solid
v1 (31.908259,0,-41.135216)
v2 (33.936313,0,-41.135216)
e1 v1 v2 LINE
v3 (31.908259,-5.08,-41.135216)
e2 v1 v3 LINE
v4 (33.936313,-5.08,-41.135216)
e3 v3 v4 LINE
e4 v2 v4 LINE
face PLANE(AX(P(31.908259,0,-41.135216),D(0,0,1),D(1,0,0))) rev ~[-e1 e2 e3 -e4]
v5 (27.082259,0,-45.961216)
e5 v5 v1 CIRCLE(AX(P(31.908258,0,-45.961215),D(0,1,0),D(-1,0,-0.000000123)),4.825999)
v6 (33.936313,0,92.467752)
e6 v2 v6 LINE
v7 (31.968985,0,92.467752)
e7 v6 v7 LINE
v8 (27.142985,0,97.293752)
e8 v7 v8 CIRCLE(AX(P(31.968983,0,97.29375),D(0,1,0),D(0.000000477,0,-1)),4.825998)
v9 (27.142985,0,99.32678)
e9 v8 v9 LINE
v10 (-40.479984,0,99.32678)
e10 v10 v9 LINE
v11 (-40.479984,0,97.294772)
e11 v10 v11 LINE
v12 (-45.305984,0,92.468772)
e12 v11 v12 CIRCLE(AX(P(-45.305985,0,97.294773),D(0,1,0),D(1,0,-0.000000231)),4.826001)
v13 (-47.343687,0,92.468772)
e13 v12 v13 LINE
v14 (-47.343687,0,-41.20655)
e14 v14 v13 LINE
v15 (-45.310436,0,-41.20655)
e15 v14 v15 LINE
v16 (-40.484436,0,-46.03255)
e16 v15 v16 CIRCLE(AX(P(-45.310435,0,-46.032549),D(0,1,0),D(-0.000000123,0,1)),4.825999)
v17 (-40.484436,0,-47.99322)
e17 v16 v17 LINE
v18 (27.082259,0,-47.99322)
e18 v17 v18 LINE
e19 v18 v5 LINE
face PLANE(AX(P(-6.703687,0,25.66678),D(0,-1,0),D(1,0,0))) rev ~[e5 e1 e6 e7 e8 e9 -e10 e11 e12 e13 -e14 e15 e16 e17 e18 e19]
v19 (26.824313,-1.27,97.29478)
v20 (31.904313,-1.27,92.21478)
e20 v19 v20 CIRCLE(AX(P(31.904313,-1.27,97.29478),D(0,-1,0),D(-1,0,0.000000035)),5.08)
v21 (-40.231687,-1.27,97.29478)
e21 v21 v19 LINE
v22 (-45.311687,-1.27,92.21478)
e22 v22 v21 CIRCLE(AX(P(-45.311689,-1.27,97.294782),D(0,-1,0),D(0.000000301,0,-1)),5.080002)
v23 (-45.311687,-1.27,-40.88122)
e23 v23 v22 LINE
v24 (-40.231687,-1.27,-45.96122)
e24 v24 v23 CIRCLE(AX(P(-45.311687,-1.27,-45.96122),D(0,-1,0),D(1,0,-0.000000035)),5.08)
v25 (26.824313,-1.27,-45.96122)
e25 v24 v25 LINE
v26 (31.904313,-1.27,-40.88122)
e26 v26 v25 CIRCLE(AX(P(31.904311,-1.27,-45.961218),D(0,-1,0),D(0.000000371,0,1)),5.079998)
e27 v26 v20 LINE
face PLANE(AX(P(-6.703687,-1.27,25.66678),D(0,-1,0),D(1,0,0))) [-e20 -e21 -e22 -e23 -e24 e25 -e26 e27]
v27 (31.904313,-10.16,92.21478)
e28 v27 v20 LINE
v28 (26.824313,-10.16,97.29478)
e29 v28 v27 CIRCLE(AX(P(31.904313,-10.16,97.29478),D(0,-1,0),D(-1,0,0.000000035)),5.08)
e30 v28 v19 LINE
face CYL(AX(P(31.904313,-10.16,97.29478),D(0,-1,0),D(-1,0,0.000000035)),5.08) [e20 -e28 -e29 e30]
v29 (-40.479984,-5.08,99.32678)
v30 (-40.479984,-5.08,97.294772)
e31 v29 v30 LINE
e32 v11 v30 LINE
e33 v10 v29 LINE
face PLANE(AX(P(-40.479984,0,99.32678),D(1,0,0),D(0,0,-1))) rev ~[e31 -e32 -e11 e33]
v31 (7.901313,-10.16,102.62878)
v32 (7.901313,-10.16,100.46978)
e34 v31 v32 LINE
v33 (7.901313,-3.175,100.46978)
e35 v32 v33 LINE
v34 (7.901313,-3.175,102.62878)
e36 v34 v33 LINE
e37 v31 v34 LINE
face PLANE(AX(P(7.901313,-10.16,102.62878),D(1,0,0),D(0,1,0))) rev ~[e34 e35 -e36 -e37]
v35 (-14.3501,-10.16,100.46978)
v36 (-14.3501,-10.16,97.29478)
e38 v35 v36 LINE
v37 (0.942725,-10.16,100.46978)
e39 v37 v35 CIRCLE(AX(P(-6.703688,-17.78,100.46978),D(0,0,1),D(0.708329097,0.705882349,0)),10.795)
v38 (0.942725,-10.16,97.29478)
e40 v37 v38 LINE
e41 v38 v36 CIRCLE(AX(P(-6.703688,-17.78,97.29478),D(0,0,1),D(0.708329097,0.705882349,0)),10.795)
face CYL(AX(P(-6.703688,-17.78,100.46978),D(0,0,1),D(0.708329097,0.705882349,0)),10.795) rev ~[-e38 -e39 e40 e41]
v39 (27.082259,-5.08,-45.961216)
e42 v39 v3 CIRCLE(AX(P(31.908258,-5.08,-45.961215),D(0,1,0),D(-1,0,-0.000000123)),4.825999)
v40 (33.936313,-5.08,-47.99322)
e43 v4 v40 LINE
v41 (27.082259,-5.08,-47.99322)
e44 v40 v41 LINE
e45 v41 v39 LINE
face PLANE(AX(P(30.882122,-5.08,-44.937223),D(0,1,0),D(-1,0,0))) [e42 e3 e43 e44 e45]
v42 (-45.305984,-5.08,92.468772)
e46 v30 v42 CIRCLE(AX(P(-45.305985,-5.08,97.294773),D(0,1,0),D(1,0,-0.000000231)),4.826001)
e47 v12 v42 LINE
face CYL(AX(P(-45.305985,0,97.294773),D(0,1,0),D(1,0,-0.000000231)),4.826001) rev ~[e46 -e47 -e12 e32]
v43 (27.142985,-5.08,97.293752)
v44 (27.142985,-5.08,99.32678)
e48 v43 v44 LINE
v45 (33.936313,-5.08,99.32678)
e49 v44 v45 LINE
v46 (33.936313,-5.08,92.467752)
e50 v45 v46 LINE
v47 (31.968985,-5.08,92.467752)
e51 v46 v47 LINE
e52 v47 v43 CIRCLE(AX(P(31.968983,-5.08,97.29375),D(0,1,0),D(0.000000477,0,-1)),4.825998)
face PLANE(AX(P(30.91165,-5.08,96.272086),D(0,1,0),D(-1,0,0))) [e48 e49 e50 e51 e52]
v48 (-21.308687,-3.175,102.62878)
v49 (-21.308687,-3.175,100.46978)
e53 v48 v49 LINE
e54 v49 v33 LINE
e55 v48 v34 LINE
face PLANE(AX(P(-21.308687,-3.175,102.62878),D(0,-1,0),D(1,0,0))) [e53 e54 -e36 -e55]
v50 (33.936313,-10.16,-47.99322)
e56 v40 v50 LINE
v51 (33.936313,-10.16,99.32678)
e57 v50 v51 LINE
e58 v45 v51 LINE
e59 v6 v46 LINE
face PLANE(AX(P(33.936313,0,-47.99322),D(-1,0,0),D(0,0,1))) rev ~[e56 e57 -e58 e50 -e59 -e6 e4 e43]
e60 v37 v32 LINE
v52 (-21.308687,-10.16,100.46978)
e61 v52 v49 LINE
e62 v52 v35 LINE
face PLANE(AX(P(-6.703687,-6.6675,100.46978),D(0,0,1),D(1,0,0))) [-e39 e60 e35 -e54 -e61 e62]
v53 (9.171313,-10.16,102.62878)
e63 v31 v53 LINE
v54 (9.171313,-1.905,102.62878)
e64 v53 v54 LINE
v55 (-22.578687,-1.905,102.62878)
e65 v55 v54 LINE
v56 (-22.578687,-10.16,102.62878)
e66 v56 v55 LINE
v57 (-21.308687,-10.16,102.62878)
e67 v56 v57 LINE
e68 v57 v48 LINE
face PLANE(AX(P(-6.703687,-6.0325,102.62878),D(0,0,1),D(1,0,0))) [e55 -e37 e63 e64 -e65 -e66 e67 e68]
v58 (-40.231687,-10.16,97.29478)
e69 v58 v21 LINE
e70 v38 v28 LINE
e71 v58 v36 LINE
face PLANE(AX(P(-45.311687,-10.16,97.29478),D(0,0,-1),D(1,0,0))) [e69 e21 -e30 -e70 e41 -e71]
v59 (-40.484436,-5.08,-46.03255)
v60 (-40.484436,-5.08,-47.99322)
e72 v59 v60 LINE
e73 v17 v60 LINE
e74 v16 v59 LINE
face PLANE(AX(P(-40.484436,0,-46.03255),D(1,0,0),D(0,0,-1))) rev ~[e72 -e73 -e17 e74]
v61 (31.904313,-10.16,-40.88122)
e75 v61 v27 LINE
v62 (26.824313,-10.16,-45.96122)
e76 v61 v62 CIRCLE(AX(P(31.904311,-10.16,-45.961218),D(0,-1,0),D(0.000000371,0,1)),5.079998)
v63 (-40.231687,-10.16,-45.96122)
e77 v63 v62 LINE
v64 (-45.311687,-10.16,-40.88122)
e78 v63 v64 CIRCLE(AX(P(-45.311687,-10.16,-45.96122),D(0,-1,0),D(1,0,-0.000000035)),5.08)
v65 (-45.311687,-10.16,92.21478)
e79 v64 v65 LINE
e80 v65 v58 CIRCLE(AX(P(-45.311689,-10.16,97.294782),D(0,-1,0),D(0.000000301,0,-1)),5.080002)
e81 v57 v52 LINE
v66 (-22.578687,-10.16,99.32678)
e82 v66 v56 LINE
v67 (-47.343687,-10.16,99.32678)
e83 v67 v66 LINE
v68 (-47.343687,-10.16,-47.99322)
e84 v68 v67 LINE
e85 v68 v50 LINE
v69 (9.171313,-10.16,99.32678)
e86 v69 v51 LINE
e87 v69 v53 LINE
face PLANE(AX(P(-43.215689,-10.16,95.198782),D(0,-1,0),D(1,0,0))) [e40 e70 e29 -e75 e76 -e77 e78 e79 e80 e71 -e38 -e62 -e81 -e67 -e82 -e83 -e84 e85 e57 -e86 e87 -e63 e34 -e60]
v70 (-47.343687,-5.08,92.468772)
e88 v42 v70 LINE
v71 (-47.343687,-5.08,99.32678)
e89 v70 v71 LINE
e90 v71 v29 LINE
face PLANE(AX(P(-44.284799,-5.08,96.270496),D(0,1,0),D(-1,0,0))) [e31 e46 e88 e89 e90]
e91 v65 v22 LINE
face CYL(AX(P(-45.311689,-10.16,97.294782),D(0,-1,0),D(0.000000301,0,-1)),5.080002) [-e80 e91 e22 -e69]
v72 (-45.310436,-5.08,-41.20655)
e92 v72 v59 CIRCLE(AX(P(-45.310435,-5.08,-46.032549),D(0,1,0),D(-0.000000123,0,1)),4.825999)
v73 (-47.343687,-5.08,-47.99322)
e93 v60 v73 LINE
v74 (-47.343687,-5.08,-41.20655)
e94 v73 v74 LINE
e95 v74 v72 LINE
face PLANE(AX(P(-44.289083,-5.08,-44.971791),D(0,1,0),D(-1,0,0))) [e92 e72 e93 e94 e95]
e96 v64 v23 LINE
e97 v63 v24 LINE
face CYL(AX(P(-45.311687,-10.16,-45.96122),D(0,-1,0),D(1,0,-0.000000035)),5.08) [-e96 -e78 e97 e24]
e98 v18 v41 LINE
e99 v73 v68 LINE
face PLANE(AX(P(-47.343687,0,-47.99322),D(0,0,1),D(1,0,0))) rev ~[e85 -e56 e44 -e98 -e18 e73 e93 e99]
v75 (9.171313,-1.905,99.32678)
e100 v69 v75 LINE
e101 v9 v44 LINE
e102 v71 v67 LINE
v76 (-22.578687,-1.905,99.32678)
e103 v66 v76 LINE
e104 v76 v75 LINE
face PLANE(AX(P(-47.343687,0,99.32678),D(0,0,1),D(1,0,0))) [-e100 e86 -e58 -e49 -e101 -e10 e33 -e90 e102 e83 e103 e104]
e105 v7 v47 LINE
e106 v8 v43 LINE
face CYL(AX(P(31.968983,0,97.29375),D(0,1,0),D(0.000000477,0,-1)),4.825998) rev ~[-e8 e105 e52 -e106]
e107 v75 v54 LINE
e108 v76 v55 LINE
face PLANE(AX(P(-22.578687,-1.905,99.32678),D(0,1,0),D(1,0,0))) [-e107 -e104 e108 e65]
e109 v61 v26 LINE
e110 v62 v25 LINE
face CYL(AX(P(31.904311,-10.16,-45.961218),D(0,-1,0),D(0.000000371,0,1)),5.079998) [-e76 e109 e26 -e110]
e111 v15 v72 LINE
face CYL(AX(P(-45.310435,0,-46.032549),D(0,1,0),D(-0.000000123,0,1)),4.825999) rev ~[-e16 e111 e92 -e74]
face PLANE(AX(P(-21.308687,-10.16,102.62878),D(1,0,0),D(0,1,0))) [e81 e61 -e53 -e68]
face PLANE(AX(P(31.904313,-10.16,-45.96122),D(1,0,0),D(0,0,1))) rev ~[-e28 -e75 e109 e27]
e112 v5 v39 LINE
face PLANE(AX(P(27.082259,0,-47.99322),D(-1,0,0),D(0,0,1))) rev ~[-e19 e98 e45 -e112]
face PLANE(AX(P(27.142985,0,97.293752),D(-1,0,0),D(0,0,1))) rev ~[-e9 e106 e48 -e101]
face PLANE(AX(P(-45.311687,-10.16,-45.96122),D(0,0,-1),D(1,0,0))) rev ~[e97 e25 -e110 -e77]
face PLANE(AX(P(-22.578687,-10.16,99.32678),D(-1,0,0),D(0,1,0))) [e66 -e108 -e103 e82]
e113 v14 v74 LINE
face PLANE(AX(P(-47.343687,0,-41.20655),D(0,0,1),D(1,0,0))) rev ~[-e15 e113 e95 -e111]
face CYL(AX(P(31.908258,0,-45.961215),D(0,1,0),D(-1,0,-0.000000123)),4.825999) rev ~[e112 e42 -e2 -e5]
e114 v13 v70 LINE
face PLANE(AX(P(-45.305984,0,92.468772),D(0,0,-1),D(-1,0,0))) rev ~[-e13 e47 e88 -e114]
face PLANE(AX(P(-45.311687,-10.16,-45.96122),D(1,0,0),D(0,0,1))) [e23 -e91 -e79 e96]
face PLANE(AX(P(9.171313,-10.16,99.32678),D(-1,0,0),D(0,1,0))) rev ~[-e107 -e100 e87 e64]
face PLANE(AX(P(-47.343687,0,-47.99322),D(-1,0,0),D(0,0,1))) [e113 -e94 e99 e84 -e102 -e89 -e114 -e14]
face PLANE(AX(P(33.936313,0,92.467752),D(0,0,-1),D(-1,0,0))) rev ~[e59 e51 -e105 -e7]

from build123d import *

# Parameters (mm, degrees)
F0_W      = 81.28
F0_H      = 147.32
F1_DEPTH  = 10.16
F2_W      = 77.216
F2_H      = 143.256
F3_DEPTH  = 8.89
F5_DEPTH  = 10.16
F6_W      = 31.75
F6_H      = 8.255
F7_DEPTH  = 3.302
F8_W      = 29.21
F8_H      = 6.985
F9_DEPTH  = 2.159
F11_DEPTH = 25.4
F13_DEPTH = 5.08


with BuildPart() as f1:
    # F0 (on Front) → F1 (new body)
    with BuildSketch(Plane.XZ):
        with Locations((-6.703687, 25.66678)):
            Rectangle(F0_W, F0_H)
    extrude(amount=F1_DEPTH)

    # F2 (on face) → F3 (cut)
    with BuildSketch(Plane.XZ.offset(10.16)):
        with Locations((-6.703687, 25.66678)):
            Rectangle(F2_W, F2_H)
    extrude(amount=-F3_DEPTH, mode=Mode.SUBTRACT)

    # F4 (on face) → F5 (join)
    with BuildSketch(Plane.XZ.offset(10.16)):
        with BuildLine():
            ThreePointArc((-45.311687, 92.21478), (-41.719585, 93.702678), (-40.231687, 97.29478))
            Line((-40.231687, 97.29478), (-45.311687, 97.29478))
            Line((-45.311687, 97.29478), (-45.311687, 92.21478))
        make_face()
        with BuildLine():
            Line((31.904313, 97.29478), (26.824313, 97.29478))
            ThreePointArc((26.824313, 97.29478), (28.31221, 93.702678), (31.904313, 92.21478))
            Line((31.904313, 92.21478), (31.904313, 97.29478))
        make_face()
        with BuildLine():
            ThreePointArc((-40.231687, -45.96122), (-41.719585, -42.369117), (-45.311687, -40.88122))
            Line((-45.311687, -40.88122), (-45.311687, -45.96122))
            Line((-45.311687, -45.96122), (-40.231687, -45.96122))
        make_face()
        with BuildLine():
            ThreePointArc((31.904313, -40.88122), (28.31221, -42.369117), (26.824313, -45.96122))
            Line((26.824313, -45.96122), (31.904313, -45.96122))
            Line((31.904313, -45.96122), (31.904313, -40.88122))
        make_face()
    extrude(amount=-F5_DEPTH)

    # F6 (on face) → F7 (join)
    with BuildSketch(Plane.XY.offset(99.32678)):
        with Locations((-6.703687, -6.0325)):
            Rectangle(F6_W, F6_H)
    extrude(amount=F7_DEPTH)

    # F8 (on face) → F9 (cut)
    with BuildSketch(Plane.XY.offset(102.62878)):
        with Locations((-6.703687, -6.6675)):
            Rectangle(F8_W, F8_H)
    extrude(amount=-F9_DEPTH, mode=Mode.SUBTRACT)

    # F10 (on face) → F11 (cut)
    with BuildSketch(Plane.XY.offset(100.46978)):
        with BuildLine():
            Line((-14.3501, -10.16), (0.942725, -10.16))
            ThreePointArc((0.942725, -10.16), (-6.703687, -6.985), (-14.3501, -10.16))
        make_face()
    extrude(amount=-F11_DEPTH, mode=Mode.SUBTRACT)

    # F12 (on face) → F13 (cut)
    with BuildSketch(Plane(origin=(0, 0, 0), x_dir=(-1, 0, 0), z_dir=(0, 1, 0))):
        with BuildLine():
            ThreePointArc((-31.968985, 92.467752), (-28.556487, 93.881254), (-27.142985, 97.293752))
            Line((-27.142985, 97.293752), (-27.142985, 99.32678))
            Line((-27.142985, 99.32678), (-33.936313, 99.32678))
            Line((-33.936313, 99.32678), (-33.936313, 92.467752))
            Line((-33.936313, 92.467752), (-31.968985, 92.467752))
        make_face()
        with BuildLine():
            Line((40.479984, 99.32678), (40.479984, 97.294772))
            ThreePointArc((40.479984, 97.294772), (41.893487, 93.882275), (45.305984, 92.468772))
            Line((45.305984, 92.468772), (47.343687, 92.468772))
            Line((47.343687, 92.468772), (47.343687, 99.32678))
            Line((47.343687, 99.32678), (40.479984, 99.32678))
        make_face()
        with BuildLine():
            ThreePointArc((-27.082259, -45.961216), (-28.495762, -42.548718), (-31.908259, -41.135216))
            Line((-31.908259, -41.135216), (-33.936313, -41.135216))
            Line((-33.936313, -41.135216), (-33.936313, -47.99322))
            Line((-33.936313, -47.99322), (-27.082259, -47.99322))
            Line((-27.082259, -47.99322), (-27.082259, -45.961216))
        make_face()
        with BuildLine():
            Line((47.343687, -41.20655), (45.310436, -41.20655))
            ThreePointArc((45.310436, -41.20655), (41.897938, -42.620053), (40.484436, -46.03255))
            Line((40.484436, -46.03255), (40.484436, -47.99322))
            Line((40.484436, -47.99322), (47.343687, -47.99322))
            Line((47.343687, -47.99322), (47.343687, -41.20655))
        make_face()
    extrude(amount=-F13_DEPTH, mode=Mode.SUBTRACT)


solid = f1.part
